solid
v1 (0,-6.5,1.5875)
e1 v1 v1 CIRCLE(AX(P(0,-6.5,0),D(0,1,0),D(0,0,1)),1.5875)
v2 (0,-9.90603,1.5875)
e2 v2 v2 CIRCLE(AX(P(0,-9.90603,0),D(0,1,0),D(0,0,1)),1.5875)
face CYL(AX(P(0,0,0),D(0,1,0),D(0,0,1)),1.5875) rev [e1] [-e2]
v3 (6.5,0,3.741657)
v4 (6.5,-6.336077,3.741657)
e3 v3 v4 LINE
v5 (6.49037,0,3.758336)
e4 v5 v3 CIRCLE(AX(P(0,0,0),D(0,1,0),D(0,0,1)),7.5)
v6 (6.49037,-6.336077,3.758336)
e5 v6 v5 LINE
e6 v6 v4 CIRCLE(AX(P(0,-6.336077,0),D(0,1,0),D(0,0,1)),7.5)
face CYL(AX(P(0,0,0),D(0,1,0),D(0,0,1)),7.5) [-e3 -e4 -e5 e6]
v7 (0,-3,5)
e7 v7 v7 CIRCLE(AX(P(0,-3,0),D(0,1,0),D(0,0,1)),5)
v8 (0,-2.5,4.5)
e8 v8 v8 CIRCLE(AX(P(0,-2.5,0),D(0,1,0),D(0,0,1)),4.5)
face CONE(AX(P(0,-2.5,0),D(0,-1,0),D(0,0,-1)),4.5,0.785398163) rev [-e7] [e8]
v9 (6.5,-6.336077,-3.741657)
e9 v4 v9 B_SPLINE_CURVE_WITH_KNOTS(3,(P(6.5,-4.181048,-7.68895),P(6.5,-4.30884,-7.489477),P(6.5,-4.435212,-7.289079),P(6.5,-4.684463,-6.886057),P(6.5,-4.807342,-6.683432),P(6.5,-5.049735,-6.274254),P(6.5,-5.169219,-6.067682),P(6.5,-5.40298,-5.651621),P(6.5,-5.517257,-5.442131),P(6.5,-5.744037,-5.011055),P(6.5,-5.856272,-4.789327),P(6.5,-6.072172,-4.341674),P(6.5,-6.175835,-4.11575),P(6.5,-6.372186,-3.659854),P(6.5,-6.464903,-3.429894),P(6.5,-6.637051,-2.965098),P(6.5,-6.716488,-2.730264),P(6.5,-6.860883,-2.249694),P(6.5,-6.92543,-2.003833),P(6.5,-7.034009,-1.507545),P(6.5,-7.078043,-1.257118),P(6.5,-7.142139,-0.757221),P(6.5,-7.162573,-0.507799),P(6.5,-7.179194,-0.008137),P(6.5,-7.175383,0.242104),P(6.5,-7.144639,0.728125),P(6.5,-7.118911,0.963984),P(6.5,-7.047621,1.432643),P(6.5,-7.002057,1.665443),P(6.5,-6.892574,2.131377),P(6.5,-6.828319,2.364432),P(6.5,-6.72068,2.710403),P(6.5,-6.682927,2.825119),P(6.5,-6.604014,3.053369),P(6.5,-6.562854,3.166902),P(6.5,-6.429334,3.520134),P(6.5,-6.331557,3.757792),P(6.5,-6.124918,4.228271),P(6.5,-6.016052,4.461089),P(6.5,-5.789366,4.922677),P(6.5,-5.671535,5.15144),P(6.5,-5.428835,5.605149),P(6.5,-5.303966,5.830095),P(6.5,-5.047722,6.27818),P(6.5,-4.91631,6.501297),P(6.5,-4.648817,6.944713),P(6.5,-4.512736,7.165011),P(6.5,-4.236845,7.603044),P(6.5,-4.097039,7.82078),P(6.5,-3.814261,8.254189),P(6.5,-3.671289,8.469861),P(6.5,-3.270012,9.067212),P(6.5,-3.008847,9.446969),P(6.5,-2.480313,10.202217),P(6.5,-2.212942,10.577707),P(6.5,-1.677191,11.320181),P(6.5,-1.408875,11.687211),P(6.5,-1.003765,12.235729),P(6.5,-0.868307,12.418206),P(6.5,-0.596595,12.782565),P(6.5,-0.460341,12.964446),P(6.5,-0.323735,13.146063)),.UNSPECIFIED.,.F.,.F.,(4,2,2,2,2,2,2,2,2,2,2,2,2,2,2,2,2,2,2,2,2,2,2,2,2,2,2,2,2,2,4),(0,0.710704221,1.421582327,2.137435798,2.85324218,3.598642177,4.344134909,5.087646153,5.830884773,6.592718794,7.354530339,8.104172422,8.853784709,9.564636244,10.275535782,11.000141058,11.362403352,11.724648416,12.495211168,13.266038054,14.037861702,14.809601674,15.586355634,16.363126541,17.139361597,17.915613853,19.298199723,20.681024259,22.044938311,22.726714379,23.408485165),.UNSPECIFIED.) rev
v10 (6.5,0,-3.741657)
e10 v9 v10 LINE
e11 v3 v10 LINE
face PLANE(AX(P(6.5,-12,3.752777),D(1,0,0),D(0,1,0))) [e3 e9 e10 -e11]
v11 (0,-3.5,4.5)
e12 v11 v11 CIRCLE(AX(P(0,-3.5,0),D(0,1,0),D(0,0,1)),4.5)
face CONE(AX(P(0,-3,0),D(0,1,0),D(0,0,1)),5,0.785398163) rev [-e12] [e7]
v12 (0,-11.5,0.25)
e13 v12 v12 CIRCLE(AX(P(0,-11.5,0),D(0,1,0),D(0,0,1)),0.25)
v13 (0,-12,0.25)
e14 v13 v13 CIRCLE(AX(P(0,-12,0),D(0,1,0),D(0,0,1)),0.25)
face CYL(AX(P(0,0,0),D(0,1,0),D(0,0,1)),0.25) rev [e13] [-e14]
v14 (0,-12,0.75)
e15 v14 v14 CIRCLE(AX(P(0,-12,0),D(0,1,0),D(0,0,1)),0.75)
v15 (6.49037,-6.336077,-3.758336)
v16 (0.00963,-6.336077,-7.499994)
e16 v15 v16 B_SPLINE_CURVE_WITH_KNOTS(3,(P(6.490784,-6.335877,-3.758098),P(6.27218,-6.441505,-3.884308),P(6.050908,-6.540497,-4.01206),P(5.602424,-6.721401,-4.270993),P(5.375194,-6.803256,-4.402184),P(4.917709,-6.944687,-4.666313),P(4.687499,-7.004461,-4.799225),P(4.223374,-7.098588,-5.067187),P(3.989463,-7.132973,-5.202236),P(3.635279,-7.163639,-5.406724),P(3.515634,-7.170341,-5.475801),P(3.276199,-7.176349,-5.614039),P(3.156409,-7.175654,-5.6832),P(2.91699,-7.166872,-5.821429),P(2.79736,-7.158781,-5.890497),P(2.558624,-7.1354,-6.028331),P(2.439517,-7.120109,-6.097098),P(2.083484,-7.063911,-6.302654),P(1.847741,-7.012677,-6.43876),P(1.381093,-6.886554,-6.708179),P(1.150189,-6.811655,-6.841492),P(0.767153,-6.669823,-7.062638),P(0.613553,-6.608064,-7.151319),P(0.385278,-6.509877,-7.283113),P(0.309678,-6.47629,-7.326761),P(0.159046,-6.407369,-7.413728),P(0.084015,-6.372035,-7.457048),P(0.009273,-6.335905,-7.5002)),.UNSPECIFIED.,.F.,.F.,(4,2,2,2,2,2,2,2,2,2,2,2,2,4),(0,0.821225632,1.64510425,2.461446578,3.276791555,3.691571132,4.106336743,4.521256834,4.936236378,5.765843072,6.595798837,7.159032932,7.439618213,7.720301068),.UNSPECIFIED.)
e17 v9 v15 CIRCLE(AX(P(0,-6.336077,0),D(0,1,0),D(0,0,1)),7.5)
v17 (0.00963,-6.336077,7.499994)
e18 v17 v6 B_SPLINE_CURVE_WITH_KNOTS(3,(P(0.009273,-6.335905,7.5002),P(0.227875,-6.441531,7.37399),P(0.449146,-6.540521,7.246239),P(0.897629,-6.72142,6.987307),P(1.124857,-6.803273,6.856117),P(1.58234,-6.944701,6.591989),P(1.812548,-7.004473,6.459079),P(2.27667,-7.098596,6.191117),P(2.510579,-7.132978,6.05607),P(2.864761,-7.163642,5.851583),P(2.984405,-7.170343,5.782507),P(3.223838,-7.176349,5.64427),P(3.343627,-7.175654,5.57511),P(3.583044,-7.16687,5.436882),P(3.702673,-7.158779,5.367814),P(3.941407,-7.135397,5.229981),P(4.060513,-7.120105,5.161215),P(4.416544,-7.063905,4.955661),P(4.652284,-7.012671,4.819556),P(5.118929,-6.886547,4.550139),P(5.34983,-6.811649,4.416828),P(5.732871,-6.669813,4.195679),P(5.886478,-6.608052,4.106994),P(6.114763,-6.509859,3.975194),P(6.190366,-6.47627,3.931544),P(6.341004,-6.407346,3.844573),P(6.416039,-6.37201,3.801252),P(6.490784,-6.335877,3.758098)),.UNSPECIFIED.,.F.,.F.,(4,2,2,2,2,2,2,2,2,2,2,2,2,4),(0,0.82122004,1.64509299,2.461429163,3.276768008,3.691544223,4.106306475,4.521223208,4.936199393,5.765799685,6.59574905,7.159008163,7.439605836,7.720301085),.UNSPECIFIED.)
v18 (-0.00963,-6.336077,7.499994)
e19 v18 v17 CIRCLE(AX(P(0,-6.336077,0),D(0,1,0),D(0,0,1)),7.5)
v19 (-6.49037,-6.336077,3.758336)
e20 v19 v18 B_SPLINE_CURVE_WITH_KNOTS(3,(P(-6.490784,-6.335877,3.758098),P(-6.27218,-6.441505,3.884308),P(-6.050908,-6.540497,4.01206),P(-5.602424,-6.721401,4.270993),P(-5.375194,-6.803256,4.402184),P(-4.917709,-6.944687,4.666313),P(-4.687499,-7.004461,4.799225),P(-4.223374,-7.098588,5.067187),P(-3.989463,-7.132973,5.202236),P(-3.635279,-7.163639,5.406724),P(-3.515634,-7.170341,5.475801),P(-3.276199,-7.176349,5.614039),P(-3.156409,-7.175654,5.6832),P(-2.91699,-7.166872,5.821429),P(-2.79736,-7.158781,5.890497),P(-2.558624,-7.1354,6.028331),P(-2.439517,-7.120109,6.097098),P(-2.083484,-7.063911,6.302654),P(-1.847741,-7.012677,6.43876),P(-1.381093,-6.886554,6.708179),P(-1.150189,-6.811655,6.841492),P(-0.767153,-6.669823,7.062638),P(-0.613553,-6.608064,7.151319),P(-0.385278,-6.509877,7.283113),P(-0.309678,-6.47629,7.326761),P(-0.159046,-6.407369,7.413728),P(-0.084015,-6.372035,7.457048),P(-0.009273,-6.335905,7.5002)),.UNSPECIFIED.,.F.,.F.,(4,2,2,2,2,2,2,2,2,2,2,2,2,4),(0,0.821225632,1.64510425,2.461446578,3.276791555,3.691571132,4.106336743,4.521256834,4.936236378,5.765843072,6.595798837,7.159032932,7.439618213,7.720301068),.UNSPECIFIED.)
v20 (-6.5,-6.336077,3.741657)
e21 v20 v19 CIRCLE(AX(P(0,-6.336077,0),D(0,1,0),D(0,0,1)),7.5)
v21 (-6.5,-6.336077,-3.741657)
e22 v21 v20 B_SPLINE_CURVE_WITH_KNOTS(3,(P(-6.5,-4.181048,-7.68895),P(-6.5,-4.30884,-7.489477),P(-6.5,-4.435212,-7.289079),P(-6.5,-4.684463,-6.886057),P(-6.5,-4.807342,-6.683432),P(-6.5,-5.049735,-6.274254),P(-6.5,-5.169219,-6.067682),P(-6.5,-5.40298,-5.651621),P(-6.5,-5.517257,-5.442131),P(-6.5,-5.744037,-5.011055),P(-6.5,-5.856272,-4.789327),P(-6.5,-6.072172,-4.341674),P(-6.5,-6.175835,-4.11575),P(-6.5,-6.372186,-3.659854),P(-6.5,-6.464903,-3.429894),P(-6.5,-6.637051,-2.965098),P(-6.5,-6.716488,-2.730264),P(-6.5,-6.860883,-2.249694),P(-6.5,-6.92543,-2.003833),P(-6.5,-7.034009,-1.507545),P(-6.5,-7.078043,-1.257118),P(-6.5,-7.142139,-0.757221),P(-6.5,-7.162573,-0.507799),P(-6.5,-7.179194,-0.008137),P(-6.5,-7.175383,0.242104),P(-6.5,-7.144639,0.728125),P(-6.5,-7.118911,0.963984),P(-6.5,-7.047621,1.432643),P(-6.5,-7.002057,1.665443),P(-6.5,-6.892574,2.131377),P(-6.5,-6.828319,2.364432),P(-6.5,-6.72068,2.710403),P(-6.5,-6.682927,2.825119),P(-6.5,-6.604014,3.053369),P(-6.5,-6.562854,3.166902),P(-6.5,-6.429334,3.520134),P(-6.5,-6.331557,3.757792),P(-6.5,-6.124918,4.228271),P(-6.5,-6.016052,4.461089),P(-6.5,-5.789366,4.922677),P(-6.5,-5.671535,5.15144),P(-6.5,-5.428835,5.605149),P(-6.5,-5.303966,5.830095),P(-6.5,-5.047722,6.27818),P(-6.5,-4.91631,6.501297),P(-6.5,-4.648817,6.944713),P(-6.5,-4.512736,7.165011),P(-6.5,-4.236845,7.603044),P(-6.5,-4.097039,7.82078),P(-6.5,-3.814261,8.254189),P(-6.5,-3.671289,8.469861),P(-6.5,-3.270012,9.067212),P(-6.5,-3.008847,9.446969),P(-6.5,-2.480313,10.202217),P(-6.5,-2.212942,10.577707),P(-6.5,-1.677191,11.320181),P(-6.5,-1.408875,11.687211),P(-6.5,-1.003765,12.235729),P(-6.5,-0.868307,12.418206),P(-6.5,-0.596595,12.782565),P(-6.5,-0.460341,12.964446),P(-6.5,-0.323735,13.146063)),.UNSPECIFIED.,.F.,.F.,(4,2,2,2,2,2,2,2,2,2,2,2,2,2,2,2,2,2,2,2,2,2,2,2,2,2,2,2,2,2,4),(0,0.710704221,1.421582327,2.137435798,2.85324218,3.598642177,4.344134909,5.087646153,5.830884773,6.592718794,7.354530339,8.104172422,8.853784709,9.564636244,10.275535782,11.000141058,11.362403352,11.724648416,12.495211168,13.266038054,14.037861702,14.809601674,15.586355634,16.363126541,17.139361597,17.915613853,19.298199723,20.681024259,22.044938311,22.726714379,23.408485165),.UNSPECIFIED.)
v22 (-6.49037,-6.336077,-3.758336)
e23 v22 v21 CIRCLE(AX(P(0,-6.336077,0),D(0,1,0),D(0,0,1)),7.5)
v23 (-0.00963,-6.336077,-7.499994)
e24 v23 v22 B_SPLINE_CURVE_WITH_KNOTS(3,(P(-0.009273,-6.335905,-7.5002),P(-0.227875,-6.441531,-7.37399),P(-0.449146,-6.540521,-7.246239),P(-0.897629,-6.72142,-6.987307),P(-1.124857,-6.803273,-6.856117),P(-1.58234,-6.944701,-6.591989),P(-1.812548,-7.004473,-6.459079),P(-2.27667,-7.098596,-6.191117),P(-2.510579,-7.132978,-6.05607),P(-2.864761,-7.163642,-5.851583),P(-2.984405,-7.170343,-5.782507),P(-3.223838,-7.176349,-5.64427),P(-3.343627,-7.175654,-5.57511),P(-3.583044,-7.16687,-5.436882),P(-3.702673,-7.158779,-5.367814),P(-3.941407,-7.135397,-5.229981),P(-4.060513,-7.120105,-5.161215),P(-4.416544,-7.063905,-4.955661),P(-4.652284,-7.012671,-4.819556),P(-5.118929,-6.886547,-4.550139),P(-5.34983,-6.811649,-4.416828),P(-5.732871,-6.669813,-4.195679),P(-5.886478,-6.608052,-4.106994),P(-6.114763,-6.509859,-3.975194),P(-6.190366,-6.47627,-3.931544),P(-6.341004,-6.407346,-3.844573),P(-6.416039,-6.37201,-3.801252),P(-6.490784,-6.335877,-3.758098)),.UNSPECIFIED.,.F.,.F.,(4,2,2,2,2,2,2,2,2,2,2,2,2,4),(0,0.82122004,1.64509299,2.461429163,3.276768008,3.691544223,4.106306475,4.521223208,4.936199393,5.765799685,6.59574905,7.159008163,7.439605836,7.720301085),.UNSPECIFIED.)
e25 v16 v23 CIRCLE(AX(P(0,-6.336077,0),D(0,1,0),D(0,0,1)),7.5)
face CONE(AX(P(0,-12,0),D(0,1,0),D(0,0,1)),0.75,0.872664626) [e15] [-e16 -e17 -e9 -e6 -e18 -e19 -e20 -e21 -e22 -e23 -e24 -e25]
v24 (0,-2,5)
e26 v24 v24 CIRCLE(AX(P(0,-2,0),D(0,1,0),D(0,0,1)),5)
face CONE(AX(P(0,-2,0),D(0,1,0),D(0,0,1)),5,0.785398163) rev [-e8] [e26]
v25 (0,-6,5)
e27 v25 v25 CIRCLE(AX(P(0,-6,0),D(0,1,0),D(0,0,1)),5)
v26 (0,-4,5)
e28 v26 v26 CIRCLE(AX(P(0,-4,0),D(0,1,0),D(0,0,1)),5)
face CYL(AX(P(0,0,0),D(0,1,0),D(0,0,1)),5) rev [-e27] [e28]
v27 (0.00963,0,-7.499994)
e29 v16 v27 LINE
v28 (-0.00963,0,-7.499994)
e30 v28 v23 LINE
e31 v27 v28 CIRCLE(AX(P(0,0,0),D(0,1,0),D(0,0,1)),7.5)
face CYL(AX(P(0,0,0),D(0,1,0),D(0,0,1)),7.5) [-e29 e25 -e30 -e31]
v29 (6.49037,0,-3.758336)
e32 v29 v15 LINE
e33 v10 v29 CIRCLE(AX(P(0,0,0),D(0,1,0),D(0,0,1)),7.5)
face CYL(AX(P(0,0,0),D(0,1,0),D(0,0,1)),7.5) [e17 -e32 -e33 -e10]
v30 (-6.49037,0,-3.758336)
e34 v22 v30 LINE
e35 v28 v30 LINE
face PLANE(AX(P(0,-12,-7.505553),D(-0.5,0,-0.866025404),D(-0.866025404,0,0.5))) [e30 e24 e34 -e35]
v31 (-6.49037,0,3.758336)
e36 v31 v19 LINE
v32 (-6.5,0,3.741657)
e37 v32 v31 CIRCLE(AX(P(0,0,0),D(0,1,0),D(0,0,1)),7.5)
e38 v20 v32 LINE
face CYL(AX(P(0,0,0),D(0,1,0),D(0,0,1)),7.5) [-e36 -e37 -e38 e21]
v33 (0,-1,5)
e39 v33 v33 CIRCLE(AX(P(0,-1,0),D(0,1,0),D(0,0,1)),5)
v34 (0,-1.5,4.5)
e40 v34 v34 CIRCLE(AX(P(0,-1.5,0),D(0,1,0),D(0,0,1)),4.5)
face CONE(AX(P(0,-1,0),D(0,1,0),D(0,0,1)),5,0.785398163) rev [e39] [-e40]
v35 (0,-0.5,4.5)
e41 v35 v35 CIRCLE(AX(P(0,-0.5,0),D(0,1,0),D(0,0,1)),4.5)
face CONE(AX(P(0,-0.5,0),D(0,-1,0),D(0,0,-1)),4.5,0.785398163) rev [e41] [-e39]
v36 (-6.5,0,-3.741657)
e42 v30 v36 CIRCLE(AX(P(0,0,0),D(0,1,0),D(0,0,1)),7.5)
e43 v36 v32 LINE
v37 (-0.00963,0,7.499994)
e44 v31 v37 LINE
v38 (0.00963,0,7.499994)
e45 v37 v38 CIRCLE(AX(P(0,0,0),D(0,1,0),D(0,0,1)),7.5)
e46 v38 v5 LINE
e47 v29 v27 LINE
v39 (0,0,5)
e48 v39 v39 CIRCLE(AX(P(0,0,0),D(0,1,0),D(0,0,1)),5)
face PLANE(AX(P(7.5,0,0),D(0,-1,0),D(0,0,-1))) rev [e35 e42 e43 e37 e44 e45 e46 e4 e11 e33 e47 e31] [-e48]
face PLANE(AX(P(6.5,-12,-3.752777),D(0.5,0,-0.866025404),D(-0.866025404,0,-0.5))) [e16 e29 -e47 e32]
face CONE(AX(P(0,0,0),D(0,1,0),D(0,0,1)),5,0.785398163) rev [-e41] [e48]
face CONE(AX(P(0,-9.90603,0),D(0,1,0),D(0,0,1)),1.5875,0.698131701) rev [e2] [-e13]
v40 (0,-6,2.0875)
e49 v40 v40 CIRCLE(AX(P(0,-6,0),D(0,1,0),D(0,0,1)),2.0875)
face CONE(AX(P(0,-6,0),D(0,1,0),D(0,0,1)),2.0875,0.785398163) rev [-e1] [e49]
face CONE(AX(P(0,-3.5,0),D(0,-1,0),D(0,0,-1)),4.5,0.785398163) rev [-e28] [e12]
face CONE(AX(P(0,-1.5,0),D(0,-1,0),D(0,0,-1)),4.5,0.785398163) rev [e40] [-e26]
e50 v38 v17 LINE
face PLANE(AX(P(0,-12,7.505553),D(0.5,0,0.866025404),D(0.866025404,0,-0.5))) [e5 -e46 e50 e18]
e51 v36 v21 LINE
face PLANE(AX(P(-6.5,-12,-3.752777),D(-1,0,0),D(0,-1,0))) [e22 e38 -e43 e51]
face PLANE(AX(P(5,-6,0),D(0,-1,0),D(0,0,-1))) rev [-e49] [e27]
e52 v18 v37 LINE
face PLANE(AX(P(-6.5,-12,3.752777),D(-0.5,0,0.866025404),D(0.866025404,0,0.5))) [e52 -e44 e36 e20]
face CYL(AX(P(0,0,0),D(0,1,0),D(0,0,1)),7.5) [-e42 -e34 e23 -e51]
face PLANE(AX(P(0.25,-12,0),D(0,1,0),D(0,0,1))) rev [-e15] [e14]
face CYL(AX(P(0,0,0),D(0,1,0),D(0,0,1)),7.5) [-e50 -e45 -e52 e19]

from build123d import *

# Parameters (mm, degrees)
SKETCH2_OUTSIDE_W  = 21.874
SKETCH2_OUTSIDE_H  = 21.874
CUT_EXTRUDE1_DEPTH = 13


with BuildPart() as part:
    # Sketch1 → Revolve1 (revolve)
    with BuildSketch(Plane.XY, mode=Mode.PRIVATE) as revolve1_sk:
        Polygon((0.25, -12), (0.75, -12), (7.5, -6.33607749), (7.5, 0), (5, 0), (4.5, -0.5), (5, -1), (4.5, -1.5), (5, -2), (4.5, -2.5), (5, -3), (4.5, -3.5), (5, -4), (5, -6), (2.0875, -6), (1.5875, -6.5), (1.5875, -9.90602957), (0.25, -11.5), align=None)
    revolve(revolve1_sk.sketch.rotate(Axis((0, 0, 0), (0, -1, 0)), 90), axis=Axis((0, 0, 0), (0, -1, 0)))  # turned: the seam where the file's is

    # Sketch2 outside → Cut-Extrude1 (cut, through all)
    with BuildSketch(Plane(origin=(0, 0, 0), x_dir=(1, 0, 0), z_dir=(0, 1, 0))):
        Rectangle(SKETCH2_OUTSIDE_W, SKETCH2_OUTSIDE_H)
        Polygon((0, 7.505553499), (-6.5, 3.75277675), (-6.5, -3.75277675), (0, -7.505553499), (6.5, -3.75277675), (6.5, 3.75277675), align=None, mode=Mode.SUBTRACT)
    extrude(amount=-CUT_EXTRUDE1_DEPTH, mode=Mode.SUBTRACT)


solid = part.part
